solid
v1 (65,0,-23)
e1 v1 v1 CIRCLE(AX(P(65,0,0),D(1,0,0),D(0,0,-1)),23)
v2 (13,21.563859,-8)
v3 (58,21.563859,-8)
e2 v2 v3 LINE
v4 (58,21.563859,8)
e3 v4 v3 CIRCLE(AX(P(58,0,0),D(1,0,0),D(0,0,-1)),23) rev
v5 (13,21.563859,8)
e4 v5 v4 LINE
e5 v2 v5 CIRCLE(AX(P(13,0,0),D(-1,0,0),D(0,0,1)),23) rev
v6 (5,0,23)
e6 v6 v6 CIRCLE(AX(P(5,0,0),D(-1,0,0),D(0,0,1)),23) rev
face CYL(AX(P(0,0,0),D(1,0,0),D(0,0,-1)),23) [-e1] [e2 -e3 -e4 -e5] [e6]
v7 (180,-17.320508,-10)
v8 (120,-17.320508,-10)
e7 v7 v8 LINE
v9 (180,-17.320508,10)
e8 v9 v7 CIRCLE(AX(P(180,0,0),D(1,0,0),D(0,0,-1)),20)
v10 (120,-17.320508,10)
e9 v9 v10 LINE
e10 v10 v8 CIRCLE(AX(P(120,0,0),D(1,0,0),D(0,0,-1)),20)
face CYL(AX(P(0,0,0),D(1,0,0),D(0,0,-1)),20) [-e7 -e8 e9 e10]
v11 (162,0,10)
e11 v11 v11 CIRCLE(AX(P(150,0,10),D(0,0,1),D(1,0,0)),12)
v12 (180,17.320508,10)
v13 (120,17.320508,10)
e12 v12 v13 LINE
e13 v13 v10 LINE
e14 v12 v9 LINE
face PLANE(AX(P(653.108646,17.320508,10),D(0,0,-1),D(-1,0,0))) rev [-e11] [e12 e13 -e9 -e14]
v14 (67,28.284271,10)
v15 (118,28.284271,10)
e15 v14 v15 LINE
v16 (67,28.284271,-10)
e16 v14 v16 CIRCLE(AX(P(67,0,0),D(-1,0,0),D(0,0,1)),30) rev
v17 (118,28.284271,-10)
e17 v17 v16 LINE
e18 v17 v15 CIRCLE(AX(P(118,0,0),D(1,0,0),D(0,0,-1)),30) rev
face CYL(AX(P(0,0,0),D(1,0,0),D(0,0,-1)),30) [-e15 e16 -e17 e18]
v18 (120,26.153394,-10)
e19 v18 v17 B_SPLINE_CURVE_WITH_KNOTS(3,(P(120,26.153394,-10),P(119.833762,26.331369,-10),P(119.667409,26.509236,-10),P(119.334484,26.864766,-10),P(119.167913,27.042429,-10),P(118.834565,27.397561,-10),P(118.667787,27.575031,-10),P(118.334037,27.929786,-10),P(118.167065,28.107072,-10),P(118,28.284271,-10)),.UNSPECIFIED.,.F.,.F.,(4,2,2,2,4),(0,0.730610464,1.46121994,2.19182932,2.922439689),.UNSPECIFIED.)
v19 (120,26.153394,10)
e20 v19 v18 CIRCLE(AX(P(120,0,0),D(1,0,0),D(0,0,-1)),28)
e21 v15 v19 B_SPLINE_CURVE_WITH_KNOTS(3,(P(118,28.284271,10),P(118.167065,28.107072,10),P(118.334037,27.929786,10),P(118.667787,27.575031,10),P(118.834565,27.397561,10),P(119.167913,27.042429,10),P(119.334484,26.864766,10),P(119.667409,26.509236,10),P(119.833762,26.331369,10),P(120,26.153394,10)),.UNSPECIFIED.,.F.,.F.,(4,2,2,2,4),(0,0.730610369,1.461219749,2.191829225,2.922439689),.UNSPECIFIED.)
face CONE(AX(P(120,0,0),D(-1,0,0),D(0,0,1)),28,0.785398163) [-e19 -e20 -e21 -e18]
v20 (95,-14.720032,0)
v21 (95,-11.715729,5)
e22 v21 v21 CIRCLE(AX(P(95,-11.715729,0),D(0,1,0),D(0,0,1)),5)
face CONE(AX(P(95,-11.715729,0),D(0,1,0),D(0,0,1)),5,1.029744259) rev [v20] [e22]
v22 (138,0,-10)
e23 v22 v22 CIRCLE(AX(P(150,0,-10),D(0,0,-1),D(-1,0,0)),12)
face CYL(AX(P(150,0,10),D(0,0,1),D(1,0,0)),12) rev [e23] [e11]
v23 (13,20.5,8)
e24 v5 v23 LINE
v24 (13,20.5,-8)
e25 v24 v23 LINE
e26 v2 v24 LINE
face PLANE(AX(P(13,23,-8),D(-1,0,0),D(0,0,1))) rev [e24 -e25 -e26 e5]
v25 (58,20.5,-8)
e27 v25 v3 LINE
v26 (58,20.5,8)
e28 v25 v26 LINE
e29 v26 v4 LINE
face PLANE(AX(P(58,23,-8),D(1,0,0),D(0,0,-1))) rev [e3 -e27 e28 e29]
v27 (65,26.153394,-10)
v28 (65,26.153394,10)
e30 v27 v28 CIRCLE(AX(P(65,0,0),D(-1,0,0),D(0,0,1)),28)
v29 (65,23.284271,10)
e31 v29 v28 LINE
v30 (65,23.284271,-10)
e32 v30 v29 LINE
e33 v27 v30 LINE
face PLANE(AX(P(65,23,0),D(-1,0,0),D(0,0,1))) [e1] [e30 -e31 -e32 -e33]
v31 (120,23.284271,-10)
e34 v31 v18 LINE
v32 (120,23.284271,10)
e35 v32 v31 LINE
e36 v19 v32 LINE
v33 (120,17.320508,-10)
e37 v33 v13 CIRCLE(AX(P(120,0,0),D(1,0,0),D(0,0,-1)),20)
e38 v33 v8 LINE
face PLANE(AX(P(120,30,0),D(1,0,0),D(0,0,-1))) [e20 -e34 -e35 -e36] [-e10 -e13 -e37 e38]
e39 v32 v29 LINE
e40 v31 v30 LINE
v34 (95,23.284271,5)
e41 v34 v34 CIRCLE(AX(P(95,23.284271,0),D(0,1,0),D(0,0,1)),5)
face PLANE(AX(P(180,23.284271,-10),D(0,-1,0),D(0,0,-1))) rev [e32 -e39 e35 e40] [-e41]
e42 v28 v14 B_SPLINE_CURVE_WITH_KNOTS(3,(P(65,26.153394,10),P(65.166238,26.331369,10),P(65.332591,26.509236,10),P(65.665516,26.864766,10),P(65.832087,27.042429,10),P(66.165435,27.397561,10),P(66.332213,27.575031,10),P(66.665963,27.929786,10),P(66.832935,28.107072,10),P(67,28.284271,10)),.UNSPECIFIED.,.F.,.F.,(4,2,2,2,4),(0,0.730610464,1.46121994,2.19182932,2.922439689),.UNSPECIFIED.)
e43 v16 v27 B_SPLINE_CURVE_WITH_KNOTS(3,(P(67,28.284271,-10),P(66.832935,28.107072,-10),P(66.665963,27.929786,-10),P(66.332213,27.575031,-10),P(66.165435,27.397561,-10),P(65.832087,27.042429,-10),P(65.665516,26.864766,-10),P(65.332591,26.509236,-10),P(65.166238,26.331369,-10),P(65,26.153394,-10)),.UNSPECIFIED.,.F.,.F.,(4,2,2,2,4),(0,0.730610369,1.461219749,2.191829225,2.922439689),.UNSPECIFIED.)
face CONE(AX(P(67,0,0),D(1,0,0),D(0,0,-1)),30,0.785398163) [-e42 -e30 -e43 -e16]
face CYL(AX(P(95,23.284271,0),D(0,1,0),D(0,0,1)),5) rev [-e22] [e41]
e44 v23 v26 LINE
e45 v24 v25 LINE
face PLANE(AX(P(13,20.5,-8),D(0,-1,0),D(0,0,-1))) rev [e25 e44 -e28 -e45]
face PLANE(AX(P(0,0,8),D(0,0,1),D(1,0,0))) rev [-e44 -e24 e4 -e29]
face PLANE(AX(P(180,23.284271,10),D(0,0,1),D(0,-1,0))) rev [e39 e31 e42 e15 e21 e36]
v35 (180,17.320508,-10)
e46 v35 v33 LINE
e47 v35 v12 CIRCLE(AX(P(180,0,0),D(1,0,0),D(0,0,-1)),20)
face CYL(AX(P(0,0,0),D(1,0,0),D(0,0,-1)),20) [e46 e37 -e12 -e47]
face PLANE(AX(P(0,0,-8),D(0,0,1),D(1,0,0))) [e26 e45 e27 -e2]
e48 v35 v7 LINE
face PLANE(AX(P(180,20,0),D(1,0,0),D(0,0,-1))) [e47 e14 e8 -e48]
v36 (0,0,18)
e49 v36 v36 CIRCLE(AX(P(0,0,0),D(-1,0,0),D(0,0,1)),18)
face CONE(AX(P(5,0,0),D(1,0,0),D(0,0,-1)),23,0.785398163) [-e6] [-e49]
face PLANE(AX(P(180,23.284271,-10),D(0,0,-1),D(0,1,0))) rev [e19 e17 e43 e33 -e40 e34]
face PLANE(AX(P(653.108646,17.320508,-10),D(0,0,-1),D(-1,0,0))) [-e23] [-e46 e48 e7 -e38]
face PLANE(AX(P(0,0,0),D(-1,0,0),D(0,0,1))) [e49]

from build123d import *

# Parameters (mm, degrees)
SKETCH_2_W                  = 45
SKETCH_2_H                  = 2.5
CUT_EXTRUDE_1_DEPTH         = 8
SKETCH_4_W                  = 20
SKETCH_4_H                  = 6.715728753
CUT_EXTRUDE_2_DEPTH         = 123.576506721
HOLE_WIZARD_10_0_10_1_D     = 10
HOLE_WIZARD_10_0_10_1_DEPTH = 35
HOLE_WIZARD_10_0_10_1_TIP   = 3.004303095
CUT_EXTRUDE_START           = -60
CUT_EXTRUDE_3_DEPTH         = 245.932420089
HOLE_WIZARD_24_0_24_1_D     = 24
CHAMFER_1_SIZE              = 5
CHAMFER_2_SIZE              = 2


with BuildPart() as part:
    # Эскиз1 → Повернуть1 (revolve)
    with BuildSketch(Plane.XY, mode=Mode.PRIVATE) as revolve_1_sk:
        Polygon((0, 0), (0, 23), (65, 23), (65, 30), (120, 30), (120, 20), (180, 20), (180, 0), align=None)
    revolve(revolve_1_sk.sketch.rotate(Axis((0, 0, 0), (-1, 0, 0)), 90), axis=Axis((0, 0, 0), (-1, 0, 0)))

    # Эскиз2 → Вырез-Вытянуть1 (cut, symmetric)
    with BuildSketch(Plane.XY):
        with Locations((35.5, 21.75)):
            Rectangle(SKETCH_2_W, SKETCH_2_H)
    extrude(amount=CUT_EXTRUDE_1_DEPTH, both=True, mode=Mode.SUBTRACT)

    # Эскиз4 → Вырез-Вытянуть2 (cut, through all)
    with BuildSketch(Plane.ZY.offset(-65)):
        with Locations((0, 26.642135624)):
            Rectangle(SKETCH_4_W, SKETCH_4_H)
    extrude(amount=-CUT_EXTRUDE_2_DEPTH, mode=Mode.SUBTRACT)

    # Диаметр отверстия Ø10.0 (10)1
    with Locations(Plane(origin=(0, 23.284271247, 0), x_dir=(1, 0, 0), z_dir=(0, 1, 0))):
        with Locations((95, 0)):
            Hole(HOLE_WIZARD_10_0_10_1_D / 2, depth=HOLE_WIZARD_10_0_10_1_DEPTH)
            with Locations((0, 0, -(HOLE_WIZARD_10_0_10_1_DEPTH + HOLE_WIZARD_10_0_10_1_TIP / 2))):  # 118° drill point
                Cone(0, HOLE_WIZARD_10_0_10_1_D / 2, HOLE_WIZARD_10_0_10_1_TIP, mode=Mode.SUBTRACT)

    # Эскиз7 → Вырез-Вытянуть3 (cut)
    with BuildSketch(Plane(origin=(180, 0, 0), x_dir=(0, 0, -1), z_dir=(1, 0, 0)).offset(CUT_EXTRUDE_START)):
        Polygon((-10, 151.24355653), (-10, 17.320508076), (-10, -17.320508076), (-10, -151.24355653), (-277.846096908, -151.24355653), (-277.846096908, 151.24355653), align=None)
    cut_extrude_3 = extrude(amount=CUT_EXTRUDE_3_DEPTH, mode=Mode.SUBTRACT)

    # Зеркальное отражение1: Вырез-Вытянуть3 across plane
    add(cut_extrude_3.mirror(Plane.XY), mode=Mode.SUBTRACT)

    # Диаметр отверстия Ø24.0 (24)1 (through all)
    with Locations(Plane.XY.offset(10)):
        with Locations((150, 0)):
            Hole(HOLE_WIZARD_24_0_24_1_D / 2)

    # Фаска1
    chamfer_1_edges = [part.edges().sort_by_distance(p)[0] for p in [
        (0, 0, 23),
    ]]
    chamfer(chamfer_1_edges, length=CHAMFER_1_SIZE)

    # Фаска2
    chamfer_2_edges = [part.edges().sort_by_distance(p)[0] for p in [
        (120, -30, 0),
        (65, -30, 0),
    ]]
    chamfer(chamfer_2_edges, length=CHAMFER_2_SIZE)


solid = part.part
